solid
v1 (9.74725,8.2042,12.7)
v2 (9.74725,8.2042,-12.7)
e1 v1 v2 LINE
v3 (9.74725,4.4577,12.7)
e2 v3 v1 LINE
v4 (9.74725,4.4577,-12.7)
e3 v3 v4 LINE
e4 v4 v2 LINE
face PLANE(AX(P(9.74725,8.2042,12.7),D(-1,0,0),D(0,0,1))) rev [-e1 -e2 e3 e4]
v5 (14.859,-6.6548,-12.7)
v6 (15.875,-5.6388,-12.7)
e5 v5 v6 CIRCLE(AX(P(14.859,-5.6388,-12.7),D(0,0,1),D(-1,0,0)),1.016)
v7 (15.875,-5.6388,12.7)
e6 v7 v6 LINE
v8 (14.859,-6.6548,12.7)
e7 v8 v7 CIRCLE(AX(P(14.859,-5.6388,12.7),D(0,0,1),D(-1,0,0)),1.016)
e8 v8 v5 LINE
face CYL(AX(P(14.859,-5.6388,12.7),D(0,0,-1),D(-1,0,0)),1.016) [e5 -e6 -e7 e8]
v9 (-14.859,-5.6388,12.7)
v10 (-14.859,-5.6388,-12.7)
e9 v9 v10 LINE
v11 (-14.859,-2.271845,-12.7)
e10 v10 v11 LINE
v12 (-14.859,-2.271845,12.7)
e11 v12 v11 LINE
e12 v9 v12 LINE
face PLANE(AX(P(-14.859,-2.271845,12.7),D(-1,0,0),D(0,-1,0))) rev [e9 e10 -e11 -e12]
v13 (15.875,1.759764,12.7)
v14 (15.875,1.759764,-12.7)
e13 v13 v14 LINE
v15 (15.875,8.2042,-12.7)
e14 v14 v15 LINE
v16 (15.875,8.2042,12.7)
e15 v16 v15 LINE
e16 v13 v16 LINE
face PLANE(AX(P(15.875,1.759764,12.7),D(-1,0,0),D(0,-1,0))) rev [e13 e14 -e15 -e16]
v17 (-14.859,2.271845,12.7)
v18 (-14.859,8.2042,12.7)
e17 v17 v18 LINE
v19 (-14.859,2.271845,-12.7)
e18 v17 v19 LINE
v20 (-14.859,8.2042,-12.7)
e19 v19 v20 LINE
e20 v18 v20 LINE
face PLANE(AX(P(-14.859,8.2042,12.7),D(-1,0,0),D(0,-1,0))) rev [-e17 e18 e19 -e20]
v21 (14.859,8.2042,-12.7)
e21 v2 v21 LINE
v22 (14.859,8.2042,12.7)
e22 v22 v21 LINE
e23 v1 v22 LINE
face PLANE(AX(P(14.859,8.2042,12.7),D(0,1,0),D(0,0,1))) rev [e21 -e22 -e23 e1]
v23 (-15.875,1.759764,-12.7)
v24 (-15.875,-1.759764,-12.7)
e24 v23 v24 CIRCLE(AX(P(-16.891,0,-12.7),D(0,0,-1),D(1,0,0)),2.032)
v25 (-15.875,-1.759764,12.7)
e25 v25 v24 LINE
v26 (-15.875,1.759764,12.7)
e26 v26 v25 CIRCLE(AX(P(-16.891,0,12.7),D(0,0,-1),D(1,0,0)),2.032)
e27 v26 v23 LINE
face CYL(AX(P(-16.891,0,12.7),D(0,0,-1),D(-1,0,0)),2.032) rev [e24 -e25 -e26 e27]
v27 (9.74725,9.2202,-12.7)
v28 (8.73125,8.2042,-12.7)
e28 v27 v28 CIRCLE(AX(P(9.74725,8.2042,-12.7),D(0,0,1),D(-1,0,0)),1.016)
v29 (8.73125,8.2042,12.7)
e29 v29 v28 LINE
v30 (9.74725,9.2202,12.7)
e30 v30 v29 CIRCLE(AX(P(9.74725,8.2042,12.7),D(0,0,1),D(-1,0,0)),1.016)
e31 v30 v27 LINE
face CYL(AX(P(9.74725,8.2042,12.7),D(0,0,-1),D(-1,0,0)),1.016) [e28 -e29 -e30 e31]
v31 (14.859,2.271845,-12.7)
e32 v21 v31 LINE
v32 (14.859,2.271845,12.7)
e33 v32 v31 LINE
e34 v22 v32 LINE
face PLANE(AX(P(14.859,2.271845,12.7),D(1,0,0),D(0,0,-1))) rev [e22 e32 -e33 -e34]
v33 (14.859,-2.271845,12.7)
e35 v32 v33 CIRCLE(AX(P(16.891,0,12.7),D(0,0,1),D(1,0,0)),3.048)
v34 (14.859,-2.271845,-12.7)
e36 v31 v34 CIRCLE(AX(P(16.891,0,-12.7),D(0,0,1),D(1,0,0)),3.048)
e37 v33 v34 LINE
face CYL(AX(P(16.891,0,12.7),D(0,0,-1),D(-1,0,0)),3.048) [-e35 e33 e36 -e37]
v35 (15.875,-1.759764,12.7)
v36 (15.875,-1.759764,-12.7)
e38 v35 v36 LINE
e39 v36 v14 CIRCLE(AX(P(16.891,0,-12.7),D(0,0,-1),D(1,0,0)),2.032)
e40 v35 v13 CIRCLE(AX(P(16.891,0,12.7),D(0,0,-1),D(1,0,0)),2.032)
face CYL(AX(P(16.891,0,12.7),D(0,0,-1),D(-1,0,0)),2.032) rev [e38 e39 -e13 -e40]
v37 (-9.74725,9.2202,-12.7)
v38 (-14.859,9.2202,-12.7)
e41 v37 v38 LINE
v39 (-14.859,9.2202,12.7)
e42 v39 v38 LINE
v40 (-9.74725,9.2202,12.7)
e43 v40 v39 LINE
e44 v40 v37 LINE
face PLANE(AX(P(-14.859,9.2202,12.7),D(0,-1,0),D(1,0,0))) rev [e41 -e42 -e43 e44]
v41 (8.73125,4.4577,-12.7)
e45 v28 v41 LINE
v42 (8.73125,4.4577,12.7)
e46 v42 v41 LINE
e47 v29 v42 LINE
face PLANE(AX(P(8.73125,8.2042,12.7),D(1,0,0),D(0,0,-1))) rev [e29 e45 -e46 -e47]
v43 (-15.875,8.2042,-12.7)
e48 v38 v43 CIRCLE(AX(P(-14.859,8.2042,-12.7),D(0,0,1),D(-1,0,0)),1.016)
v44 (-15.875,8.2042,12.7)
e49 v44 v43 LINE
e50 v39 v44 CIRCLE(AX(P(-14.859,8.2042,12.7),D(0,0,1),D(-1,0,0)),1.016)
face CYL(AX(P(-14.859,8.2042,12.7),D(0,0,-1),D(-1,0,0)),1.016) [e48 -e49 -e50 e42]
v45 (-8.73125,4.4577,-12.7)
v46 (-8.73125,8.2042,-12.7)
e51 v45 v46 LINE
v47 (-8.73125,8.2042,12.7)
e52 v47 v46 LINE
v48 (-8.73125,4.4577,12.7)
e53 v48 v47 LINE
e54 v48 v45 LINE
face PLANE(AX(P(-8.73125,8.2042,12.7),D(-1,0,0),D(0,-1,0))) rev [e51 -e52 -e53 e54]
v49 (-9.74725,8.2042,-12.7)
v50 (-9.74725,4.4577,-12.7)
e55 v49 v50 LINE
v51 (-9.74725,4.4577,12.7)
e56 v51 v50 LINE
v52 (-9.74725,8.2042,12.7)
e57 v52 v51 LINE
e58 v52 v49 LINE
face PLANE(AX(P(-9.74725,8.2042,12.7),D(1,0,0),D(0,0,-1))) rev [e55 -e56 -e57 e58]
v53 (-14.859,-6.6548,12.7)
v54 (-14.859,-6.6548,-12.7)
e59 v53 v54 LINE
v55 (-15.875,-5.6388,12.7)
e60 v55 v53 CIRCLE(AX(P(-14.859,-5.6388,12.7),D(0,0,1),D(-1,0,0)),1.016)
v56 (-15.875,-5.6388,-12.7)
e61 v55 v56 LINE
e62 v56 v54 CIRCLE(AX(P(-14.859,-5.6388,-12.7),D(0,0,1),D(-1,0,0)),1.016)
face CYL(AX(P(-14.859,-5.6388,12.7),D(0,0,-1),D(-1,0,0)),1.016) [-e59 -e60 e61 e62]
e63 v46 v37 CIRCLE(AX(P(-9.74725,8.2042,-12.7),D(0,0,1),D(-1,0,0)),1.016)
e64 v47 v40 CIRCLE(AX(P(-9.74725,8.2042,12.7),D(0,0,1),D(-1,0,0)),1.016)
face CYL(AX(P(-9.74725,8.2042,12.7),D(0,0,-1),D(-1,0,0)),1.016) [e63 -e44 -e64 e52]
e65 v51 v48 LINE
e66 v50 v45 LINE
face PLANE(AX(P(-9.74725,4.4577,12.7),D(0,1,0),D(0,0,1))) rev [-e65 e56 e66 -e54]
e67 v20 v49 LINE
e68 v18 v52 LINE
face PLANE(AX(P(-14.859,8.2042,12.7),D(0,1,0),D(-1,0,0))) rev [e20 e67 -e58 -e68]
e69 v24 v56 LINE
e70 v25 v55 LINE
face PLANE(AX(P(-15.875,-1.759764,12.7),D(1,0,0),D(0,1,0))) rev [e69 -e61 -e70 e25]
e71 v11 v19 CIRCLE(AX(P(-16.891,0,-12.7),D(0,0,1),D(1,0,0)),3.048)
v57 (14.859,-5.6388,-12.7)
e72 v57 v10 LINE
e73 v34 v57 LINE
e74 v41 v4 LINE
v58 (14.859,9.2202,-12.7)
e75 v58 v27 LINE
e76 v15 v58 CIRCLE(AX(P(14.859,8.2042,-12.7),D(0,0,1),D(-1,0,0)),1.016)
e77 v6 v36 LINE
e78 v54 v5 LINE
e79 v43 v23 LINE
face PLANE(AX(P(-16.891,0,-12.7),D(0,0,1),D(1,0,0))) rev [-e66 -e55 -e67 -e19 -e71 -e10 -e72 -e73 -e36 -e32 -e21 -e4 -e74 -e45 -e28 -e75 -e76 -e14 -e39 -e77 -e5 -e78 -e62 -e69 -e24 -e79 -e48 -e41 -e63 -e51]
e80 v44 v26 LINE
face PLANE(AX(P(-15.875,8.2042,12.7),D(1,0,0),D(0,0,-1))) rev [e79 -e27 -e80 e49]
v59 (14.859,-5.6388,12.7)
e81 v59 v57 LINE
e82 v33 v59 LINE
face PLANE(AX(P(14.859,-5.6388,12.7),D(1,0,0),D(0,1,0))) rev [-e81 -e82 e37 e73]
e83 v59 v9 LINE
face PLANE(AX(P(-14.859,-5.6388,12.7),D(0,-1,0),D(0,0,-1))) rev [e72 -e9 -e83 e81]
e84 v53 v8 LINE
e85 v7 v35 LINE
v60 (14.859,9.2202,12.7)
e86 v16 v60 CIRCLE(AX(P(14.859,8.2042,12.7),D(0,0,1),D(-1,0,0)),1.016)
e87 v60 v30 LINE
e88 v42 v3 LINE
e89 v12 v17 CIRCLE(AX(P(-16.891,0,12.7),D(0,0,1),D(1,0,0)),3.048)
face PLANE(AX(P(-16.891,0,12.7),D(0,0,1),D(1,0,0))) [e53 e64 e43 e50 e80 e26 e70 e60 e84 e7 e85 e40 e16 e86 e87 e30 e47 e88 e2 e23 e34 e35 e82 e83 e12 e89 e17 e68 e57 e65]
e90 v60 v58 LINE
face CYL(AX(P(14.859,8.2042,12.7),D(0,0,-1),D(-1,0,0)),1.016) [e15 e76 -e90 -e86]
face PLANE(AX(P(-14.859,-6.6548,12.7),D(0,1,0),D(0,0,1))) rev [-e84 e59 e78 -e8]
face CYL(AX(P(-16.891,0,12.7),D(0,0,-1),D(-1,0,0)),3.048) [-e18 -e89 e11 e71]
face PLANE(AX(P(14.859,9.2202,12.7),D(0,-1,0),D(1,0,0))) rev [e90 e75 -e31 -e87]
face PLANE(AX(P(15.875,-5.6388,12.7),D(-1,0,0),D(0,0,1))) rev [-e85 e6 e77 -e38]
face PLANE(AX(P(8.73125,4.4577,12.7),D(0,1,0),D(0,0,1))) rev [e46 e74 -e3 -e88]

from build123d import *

# Parameters (mm, degrees)
BASE_EXTRUDE_DEPTH = 12.7


with BuildPart() as part:
    # Sketch1 → Base-Extrude (new, symmetric)
    with BuildSketch(Plane.XY):
        with BuildLine():
            Line((-15.875, 8.2042), (-15.875, 1.75976362))
            ThreePointArc((-15.875, 1.75976362), (-14.859, 0), (-15.875, -1.75976362))
            Line((-15.875, -1.75976362), (-15.875, -5.6388))
            ThreePointArc((-15.875, -5.6388), (-15.57742049, -6.35722049), (-14.859, -6.6548))
            Line((-14.859, -6.6548), (14.859, -6.6548))
            ThreePointArc((14.859, -6.6548), (15.57742049, -6.35722049), (15.875, -5.6388))
            Line((15.875, -5.6388), (15.875, -1.75976362))
            ThreePointArc((15.875, -1.75976362), (14.859, 0), (15.875, 1.75976362))
            Line((15.875, 1.75976362), (15.875, 8.2042))
            ThreePointArc((15.875, 8.2042), (15.57742049, 8.92262049), (14.859, 9.2202))
            Line((14.859, 9.2202), (9.74725, 9.2202))
            ThreePointArc((9.74725, 9.2202), (9.02882951, 8.92262049), (8.73125, 8.2042))
            Line((8.73125, 8.2042), (8.73125, 4.4577))
            Line((8.73125, 4.4577), (9.74725, 4.4577))
            Line((9.74725, 4.4577), (9.74725, 8.2042))
            Line((9.74725, 8.2042), (14.859, 8.2042))
            Line((14.859, 8.2042), (14.859, 2.271845065))
            ThreePointArc((14.859, 2.271845065), (13.843, 0), (14.859, -2.271845065))
            Line((14.859, -2.271845065), (14.859, -5.6388))
            Line((14.859, -5.6388), (-14.859, -5.6388))
            Line((-14.859, -5.6388), (-14.859, -2.271845065))
            ThreePointArc((-14.859, -2.271845065), (-13.843, 0), (-14.859, 2.271845065))
            Line((-14.859, 2.271845065), (-14.859, 8.2042))
            Line((-14.859, 8.2042), (-9.74725, 8.2042))
            Line((-9.74725, 8.2042), (-9.74725, 4.4577))
            Line((-9.74725, 4.4577), (-8.73125, 4.4577))
            Line((-8.73125, 4.4577), (-8.73125, 8.2042))
            ThreePointArc((-8.73125, 8.2042), (-9.02882951, 8.92262049), (-9.74725, 9.2202))
            Line((-9.74725, 9.2202), (-14.859, 9.2202))
            ThreePointArc((-14.859, 9.2202), (-15.57742049, 8.92262049), (-15.875, 8.2042))
        make_face()
    extrude(amount=BASE_EXTRUDE_DEPTH, both=True)


solid = part.part
